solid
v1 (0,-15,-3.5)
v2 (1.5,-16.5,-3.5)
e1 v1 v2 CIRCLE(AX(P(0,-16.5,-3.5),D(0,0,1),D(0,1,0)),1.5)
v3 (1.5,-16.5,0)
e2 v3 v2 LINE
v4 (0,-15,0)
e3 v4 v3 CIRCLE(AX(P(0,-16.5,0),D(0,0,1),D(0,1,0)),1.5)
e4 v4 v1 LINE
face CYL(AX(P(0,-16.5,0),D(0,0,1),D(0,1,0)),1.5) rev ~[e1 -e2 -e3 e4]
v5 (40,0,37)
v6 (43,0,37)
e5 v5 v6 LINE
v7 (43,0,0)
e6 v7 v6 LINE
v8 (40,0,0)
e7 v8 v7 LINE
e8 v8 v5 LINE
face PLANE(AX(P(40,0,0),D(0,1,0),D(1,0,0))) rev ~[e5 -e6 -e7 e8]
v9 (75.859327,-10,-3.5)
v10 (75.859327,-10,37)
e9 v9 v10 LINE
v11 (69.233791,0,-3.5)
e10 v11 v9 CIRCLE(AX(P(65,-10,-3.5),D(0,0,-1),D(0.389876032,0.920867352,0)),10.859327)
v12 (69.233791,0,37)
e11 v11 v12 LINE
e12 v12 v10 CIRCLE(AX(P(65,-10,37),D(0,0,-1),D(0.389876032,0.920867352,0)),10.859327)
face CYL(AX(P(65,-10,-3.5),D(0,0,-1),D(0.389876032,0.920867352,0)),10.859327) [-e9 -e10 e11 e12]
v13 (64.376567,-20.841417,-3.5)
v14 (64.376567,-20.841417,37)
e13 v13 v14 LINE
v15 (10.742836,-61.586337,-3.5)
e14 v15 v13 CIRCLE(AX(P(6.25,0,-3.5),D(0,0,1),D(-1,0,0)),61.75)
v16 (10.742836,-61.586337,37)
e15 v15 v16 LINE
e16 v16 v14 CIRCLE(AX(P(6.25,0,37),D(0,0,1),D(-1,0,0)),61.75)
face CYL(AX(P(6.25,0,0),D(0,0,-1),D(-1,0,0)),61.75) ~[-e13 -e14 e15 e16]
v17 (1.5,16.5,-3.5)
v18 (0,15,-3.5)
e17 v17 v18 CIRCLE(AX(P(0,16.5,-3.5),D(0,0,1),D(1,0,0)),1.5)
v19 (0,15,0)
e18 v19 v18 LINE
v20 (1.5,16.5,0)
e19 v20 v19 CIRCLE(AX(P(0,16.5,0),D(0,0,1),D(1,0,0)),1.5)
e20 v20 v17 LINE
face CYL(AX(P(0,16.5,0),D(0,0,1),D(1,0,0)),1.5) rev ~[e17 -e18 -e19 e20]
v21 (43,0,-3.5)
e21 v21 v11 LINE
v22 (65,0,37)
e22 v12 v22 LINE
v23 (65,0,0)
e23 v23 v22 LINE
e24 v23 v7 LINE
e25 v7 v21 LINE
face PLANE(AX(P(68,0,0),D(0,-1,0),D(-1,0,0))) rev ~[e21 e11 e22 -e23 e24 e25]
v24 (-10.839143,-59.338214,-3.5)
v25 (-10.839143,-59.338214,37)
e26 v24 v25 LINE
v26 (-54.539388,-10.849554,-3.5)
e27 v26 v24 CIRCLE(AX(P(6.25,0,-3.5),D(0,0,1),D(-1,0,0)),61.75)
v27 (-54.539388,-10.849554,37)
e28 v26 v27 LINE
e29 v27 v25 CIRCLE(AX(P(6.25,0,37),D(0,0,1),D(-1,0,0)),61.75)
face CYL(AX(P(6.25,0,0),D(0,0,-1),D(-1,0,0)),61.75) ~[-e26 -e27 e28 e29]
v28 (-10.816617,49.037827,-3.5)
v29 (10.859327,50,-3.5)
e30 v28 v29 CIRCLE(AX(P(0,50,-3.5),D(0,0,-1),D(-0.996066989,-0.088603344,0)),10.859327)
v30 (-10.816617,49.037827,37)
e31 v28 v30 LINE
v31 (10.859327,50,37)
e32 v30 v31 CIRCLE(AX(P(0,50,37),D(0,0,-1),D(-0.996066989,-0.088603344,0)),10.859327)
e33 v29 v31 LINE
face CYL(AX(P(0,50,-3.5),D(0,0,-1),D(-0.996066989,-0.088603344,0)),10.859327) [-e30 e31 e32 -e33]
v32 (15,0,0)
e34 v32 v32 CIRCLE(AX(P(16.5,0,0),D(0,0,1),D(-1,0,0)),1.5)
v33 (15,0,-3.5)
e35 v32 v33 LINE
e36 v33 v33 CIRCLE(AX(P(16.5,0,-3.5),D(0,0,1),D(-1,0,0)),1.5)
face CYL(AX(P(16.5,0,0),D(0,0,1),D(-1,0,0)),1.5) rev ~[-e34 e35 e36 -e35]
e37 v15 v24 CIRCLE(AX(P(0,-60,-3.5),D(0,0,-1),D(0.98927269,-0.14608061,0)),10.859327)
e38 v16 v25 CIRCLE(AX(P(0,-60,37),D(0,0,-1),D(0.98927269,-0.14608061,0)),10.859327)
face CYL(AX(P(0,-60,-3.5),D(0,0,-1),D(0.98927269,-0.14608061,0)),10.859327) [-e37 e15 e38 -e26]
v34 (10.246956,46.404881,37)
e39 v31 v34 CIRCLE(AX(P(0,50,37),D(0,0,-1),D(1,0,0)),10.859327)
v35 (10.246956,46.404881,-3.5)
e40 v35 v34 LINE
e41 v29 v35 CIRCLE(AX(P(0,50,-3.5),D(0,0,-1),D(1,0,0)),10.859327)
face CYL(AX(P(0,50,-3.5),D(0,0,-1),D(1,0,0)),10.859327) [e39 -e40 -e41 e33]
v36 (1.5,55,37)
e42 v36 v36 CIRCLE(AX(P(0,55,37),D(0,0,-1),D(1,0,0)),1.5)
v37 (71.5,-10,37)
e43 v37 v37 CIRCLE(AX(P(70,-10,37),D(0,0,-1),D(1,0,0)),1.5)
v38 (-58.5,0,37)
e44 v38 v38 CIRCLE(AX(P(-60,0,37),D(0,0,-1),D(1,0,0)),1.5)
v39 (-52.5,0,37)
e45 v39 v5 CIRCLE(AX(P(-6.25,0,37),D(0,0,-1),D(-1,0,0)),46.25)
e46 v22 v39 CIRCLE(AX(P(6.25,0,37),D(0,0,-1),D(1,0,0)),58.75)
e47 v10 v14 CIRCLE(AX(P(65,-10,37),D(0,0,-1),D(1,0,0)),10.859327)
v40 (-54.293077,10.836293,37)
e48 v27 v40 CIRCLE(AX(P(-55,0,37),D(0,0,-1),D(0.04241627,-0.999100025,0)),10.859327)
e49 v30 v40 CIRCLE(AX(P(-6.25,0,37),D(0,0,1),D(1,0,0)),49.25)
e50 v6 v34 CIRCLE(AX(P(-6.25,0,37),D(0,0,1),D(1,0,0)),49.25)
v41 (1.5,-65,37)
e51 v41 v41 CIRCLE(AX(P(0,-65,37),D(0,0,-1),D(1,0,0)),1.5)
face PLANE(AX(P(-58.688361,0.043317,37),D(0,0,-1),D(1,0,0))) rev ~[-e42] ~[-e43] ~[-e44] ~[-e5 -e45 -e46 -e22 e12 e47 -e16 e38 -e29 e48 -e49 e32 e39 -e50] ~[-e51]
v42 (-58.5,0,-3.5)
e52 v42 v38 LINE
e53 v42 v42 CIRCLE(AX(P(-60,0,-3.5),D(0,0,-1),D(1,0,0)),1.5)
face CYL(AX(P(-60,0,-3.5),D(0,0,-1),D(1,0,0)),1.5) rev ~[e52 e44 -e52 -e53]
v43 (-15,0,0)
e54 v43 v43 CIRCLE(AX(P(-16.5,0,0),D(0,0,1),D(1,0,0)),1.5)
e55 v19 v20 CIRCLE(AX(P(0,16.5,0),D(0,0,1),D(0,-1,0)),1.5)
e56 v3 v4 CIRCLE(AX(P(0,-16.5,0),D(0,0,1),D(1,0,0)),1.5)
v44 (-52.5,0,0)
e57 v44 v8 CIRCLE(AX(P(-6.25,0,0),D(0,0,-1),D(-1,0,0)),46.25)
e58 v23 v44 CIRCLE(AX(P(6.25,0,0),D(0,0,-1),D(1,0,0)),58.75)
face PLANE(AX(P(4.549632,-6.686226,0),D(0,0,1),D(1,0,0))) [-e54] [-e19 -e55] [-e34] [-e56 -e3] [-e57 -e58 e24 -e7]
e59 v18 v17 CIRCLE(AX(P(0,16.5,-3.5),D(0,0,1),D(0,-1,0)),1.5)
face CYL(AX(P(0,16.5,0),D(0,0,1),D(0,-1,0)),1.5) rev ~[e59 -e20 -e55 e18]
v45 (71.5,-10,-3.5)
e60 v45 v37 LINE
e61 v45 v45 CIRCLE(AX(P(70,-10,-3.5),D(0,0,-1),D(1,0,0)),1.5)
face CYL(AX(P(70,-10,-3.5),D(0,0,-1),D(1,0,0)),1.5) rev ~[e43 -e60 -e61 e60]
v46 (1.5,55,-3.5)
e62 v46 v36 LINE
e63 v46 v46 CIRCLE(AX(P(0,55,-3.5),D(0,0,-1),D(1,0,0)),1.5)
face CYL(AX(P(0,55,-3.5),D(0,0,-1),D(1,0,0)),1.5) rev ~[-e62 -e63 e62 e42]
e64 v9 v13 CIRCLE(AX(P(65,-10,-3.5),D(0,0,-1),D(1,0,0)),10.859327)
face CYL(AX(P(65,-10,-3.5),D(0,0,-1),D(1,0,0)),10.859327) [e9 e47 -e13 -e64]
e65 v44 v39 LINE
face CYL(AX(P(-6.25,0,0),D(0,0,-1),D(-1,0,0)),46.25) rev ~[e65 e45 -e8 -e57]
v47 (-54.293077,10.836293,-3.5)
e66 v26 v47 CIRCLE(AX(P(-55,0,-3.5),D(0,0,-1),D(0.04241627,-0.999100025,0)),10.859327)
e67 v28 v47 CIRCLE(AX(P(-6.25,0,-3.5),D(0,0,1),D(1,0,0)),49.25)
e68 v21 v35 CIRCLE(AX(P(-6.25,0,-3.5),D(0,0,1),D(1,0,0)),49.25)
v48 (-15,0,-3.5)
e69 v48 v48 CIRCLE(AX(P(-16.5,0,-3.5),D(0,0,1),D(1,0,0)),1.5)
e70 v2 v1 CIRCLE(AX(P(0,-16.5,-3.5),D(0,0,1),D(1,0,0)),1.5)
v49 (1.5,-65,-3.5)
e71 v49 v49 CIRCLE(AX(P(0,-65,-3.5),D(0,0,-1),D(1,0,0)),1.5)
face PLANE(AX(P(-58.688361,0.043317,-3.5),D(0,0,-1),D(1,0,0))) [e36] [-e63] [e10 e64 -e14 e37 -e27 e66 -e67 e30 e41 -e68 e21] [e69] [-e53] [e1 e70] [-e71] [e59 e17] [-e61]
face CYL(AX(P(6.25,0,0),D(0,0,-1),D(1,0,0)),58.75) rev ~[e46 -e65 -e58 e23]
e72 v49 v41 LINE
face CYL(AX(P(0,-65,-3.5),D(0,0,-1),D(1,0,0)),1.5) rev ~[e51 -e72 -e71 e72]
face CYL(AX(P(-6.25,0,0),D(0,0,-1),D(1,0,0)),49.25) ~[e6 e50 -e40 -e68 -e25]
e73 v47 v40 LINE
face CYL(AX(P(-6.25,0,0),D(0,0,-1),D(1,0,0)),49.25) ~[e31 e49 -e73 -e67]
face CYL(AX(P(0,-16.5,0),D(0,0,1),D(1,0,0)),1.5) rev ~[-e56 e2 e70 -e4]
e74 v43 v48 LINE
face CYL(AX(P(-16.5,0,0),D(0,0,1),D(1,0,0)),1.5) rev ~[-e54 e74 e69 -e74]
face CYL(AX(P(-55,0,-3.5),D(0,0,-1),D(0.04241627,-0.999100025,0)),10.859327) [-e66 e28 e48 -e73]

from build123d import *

# Parameters (mm, degrees)
F0_R     = 40
F1_DEPTH = 3.5
F2_DEPTH = 37
F3_R     = 1.5
F4_DEPTH = 25
F5_R     = 1.5
F6_DEPTH = 40.5


with BuildPart() as f1:
    # F0 (on Top) → F1 (new body)
    with BuildSketch(Plane.XY):
        with BuildLine():
            Line((43, 0), (40, 0))
            ThreePointArc((40, 0), (-6.25, 46.25), (-52.5, 0))
            ThreePointArc((-52.5, 0), (6.25, -58.75), (65, 0))
            Line((65, 0), (43, 0))
        make_face()
        Circle(F0_R, mode=Mode.SUBTRACT)
        Circle(F0_R)
        with BuildLine():
            ThreePointArc((-52.5, 0), (-6.25, 46.25), (40, 0))
            Line((40, 0), (43, 0))
            ThreePointArc((43, 0), (-6.25, 49.25), (-55.5, 0))
            ThreePointArc((-55.5, 0), (6.25, -61.75), (68, 0))
            Line((68, 0), (65, 0))
            ThreePointArc((65, 0), (6.25, -58.75), (-52.5, 0))
        make_face()
    extrude(amount=-F1_DEPTH)

    # F0 (on Top) → F2 (join)
    with BuildSketch(Plane.XY):
        with BuildLine():
            ThreePointArc((-52.5, 0), (-6.25, 46.25), (40, 0))
            Line((40, 0), (43, 0))
            ThreePointArc((43, 0), (-6.25, 49.25), (-55.5, 0))
            ThreePointArc((-55.5, 0), (6.25, -61.75), (68, 0))
            Line((68, 0), (65, 0))
            ThreePointArc((65, 0), (6.25, -58.75), (-52.5, 0))
        make_face()
    extrude(amount=F2_DEPTH)

    # F3 (on face) → F4 (cut)
    with BuildSketch(Plane.XY):
        with BuildLine():
            ThreePointArc((1.5, 16.5), (-1.0606601718, 17.5606601718), (0, 15))
            ThreePointArc((0, 15), (1.0606601718, 15.4393398282), (1.5, 16.5))
        make_face()
        with BuildLine():
            ThreePointArc((18, 0), (16.5, 1.5), (15, 0))
            ThreePointArc((15, 0), (16.5, -1.5), (18, 0))
        make_face()
        with BuildLine():
            ThreePointArc((1.5, -16.5), (1.0606601718, -15.4393398282), (0, -15))
            ThreePointArc((0, -15), (-1.0606601718, -17.5606601718), (1.5, -16.5))
        make_face()
        with Locations((-16.5, 0)):
            Circle(F3_R)
    extrude(amount=-F4_DEPTH, mode=Mode.SUBTRACT)

    # F5 (on face) → F6 (join)
    with BuildSketch(Plane(origin=(0, 0, -3.5), x_dir=(1, 0, 0), z_dir=(0, 0, -1))):
        with BuildLine():
            ThreePointArc((10.7428359613, 61.5863371619), (-1.1250923825, 70.8008868716), (-10.8391434064, 59.3382143111))
            ThreePointArc((-10.8391434064, 59.3382143111), (-0.147675703, 61.417686749), (10.7428359613, 61.5863371619))
        make_face()
        with Locations((0, 65)):
            Circle(F5_R, mode=Mode.SUBTRACT)
        with BuildLine():
            ThreePointArc((-55.5, 0), (-55.2593781422, 5.4459985826), (-54.5393878361, 10.8495542082))
            ThreePointArc((-54.5393878361, 10.8495542082), (-65.8586269328, -0.1233337651), (-54.2930770248, -10.8362931849))
            ThreePointArc((-54.2930770248, -10.8362931849), (-55.1973392713, -5.4516491325), (-55.5, 0))
        make_face()
        with Locations((-60, 0)):
            Circle(F5_R, mode=Mode.SUBTRACT)
        with BuildLine():
            ThreePointArc((10.2469559678, -46.4048806032), (-0.1412893215, -48.8696854281), (-10.8166174818, -49.0378272844))
            ThreePointArc((-10.8166174818, -49.0378272844), (-0.481560086, -60.8486446142), (10.859327331, -50))
            ThreePointArc((10.859327331, -50), (10.7051398656, -48.1765498249), (10.2469559678, -46.4048806032))
        make_face()
        with Locations((0, -55)):
            Circle(F5_R, mode=Mode.SUBTRACT)
        with BuildLine():
            ThreePointArc((75.859327331, 10), (72.4550295609, 17.8960448535), (64.3765674089, 20.8414169686))
            ThreePointArc((64.3765674089, 20.8414169686), (67.0873981918, 10.5770261061), (68, 0))
            Line((68, 0), (69.2337914548, 0))
            ThreePointArc((69.2337914548, 0), (74.0526547858, 4.0021310941), (75.859327331, 10))
        make_face()
        with Locations((70, 10)):
            Circle(F5_R, mode=Mode.SUBTRACT)
    extrude(amount=-F6_DEPTH)


solid = f1.part
